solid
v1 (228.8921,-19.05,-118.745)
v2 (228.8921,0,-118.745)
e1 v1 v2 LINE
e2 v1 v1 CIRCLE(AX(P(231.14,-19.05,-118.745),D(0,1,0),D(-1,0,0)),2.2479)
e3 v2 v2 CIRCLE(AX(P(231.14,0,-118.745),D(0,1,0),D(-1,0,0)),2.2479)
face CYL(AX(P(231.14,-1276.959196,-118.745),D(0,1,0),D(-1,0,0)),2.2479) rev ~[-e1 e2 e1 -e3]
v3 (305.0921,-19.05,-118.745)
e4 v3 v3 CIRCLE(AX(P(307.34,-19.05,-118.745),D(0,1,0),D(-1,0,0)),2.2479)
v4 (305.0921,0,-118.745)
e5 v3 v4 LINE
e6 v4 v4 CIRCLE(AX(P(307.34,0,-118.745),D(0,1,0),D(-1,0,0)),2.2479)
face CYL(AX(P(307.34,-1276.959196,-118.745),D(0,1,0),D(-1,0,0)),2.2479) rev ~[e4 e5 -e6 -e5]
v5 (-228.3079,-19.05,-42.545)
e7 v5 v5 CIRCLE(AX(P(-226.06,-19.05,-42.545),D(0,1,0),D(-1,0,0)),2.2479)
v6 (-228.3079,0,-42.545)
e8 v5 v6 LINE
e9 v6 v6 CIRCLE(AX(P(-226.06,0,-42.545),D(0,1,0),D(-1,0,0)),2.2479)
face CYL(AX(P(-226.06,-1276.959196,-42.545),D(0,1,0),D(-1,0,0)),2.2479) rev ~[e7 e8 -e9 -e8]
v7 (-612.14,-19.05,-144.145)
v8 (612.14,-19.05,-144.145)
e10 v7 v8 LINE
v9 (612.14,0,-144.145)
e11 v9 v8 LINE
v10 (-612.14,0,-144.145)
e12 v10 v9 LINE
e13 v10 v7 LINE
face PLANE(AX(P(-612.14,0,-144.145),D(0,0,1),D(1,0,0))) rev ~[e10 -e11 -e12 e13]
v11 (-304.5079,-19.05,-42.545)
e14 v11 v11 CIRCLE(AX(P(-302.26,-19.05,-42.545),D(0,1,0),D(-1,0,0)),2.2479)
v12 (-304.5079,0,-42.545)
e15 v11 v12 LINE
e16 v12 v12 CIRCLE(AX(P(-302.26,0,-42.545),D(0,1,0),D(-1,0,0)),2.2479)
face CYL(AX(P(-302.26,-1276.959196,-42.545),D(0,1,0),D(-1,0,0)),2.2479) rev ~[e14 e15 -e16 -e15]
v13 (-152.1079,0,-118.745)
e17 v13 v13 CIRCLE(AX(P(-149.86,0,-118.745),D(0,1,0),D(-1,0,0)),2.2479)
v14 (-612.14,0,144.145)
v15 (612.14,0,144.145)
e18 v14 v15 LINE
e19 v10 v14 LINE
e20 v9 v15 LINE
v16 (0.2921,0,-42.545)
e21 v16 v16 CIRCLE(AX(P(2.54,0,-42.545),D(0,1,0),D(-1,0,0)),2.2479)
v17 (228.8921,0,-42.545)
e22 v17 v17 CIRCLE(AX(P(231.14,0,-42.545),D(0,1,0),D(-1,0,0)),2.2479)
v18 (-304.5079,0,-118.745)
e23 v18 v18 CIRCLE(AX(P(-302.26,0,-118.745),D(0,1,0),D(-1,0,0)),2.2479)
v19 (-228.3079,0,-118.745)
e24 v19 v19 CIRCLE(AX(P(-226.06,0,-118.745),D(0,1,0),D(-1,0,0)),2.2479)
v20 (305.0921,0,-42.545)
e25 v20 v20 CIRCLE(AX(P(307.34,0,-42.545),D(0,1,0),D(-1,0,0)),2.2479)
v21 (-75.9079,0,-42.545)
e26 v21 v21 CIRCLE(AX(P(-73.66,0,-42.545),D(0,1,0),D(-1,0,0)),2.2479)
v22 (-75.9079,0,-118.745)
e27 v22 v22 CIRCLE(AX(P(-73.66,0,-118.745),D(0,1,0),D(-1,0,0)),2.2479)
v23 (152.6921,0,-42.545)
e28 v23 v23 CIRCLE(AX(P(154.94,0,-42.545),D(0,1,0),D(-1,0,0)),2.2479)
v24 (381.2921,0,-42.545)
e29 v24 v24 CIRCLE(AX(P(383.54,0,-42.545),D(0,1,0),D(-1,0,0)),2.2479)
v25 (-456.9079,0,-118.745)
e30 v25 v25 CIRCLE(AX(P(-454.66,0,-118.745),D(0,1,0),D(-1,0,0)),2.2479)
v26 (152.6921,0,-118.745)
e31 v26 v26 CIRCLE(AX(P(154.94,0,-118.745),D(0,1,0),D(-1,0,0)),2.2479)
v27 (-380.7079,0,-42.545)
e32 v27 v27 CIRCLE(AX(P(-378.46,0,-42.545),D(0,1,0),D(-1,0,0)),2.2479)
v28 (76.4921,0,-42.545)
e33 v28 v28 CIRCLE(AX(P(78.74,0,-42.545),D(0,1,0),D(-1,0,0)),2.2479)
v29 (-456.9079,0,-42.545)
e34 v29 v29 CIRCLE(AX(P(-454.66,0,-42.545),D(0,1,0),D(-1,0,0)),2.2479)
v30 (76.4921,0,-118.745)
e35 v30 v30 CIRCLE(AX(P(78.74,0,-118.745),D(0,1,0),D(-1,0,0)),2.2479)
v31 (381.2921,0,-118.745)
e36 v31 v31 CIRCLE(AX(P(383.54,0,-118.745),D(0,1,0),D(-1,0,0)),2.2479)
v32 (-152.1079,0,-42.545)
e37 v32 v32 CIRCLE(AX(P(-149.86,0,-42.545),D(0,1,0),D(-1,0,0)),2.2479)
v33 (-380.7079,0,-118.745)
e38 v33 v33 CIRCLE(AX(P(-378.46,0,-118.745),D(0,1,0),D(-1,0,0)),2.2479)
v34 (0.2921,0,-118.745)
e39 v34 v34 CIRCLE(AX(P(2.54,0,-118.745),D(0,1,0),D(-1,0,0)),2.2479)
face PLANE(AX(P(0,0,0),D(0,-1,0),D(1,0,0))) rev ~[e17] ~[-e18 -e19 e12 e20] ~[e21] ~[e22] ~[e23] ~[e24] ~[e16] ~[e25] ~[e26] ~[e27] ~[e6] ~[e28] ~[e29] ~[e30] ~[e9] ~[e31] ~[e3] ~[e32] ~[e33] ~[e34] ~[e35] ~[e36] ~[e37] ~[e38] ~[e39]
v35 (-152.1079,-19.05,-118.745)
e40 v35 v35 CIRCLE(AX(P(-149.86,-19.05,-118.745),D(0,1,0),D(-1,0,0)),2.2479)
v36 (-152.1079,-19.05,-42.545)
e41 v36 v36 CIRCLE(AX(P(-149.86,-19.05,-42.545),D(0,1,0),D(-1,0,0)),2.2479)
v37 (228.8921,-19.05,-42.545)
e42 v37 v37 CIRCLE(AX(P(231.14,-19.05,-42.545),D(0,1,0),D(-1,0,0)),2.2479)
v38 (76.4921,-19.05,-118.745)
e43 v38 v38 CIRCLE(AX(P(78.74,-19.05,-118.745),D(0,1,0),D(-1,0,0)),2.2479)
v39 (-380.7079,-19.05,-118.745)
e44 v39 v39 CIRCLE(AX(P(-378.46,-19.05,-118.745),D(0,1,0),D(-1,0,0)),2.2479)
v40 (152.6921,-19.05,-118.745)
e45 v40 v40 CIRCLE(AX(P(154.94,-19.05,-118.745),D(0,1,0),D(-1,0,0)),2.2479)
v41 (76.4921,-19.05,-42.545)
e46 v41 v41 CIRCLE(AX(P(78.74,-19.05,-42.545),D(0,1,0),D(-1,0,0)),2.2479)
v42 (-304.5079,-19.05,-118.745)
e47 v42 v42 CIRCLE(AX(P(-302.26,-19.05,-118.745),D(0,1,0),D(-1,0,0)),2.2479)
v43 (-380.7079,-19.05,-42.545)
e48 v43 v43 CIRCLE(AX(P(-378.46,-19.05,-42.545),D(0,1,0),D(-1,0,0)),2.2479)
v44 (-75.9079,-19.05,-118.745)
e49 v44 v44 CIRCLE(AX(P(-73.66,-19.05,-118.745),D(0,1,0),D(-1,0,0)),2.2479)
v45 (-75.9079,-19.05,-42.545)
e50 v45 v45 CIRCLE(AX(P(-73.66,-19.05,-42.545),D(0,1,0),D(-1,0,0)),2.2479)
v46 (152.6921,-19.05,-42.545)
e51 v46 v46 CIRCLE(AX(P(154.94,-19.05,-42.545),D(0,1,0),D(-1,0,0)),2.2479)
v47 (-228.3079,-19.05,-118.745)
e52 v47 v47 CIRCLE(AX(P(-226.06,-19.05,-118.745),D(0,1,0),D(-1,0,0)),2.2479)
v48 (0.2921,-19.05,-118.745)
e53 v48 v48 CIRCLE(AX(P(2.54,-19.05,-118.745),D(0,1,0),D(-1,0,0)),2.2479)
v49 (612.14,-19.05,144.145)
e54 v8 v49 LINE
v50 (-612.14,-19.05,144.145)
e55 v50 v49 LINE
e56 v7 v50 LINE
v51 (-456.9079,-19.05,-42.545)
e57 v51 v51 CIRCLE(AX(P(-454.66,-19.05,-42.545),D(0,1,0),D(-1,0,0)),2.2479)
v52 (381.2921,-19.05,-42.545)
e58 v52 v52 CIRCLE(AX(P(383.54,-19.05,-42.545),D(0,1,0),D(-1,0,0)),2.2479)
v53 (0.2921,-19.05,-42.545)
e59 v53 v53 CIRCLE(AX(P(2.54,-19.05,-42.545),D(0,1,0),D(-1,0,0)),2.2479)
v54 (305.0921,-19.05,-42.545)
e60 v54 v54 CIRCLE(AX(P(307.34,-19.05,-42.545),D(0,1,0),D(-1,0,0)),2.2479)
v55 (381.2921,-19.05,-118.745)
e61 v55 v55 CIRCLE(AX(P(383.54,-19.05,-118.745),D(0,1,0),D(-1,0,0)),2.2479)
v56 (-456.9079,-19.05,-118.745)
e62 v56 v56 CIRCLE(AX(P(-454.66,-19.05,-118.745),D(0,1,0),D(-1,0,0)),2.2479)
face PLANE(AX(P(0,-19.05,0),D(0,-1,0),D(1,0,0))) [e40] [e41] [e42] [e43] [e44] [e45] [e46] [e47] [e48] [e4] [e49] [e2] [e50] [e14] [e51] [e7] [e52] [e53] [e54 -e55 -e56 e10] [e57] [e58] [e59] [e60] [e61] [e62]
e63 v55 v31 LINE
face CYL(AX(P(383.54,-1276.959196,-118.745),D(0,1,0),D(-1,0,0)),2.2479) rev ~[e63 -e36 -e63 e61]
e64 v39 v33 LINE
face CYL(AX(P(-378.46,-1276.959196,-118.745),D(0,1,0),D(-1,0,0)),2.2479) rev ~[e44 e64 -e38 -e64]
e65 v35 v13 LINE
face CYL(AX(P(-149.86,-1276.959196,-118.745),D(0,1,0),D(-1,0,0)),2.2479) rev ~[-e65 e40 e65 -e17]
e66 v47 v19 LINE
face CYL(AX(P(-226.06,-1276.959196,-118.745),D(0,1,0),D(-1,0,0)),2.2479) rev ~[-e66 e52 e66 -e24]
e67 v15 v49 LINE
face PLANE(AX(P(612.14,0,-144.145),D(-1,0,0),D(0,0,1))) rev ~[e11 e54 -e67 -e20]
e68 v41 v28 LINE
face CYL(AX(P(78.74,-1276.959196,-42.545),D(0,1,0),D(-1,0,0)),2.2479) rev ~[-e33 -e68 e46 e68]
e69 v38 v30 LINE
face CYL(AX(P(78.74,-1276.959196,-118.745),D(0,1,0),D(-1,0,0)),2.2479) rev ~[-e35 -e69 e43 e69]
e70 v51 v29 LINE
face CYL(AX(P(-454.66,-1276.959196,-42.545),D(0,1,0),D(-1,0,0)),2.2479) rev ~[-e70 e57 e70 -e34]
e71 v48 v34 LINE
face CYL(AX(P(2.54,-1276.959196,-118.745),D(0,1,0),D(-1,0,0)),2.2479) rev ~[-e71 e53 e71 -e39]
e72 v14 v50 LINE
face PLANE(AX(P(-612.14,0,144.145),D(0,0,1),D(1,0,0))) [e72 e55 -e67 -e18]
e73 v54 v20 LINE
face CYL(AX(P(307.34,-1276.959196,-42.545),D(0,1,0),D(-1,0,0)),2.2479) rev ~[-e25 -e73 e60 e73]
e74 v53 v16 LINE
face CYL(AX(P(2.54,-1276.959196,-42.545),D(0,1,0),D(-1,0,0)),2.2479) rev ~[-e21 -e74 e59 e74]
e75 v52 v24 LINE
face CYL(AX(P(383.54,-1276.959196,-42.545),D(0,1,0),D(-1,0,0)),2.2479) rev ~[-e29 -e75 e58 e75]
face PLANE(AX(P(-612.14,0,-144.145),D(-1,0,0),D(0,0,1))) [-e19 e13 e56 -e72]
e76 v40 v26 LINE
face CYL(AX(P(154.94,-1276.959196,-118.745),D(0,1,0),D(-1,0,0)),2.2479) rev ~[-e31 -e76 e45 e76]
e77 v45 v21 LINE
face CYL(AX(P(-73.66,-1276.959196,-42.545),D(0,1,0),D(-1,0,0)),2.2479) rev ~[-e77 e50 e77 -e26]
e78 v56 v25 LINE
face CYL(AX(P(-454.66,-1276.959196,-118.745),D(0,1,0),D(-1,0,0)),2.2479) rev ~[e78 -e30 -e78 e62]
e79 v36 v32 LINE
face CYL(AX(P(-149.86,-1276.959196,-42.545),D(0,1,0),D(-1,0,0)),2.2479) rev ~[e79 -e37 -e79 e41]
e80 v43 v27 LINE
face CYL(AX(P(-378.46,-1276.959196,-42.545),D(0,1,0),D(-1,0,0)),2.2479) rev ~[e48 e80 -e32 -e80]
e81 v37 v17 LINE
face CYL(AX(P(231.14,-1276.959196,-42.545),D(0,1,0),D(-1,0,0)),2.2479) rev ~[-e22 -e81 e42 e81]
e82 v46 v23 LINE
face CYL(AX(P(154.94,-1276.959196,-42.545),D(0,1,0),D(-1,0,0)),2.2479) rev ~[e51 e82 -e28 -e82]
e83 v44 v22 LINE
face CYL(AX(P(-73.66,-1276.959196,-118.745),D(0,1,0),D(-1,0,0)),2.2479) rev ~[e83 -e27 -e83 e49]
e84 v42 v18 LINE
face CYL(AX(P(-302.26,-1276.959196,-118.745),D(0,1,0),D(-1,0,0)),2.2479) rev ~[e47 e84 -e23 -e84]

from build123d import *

# Parameters (mm, degrees)
F0_W     = 1224.28
F0_H     = 288.29
F1_DEPTH = 19.05
F3_D     = 4.4958


with BuildPart() as f1:
    # F0 (on Front) → F1 (new body)
    with BuildSketch(Plane.XZ):
        Rectangle(F0_W, F0_H)
    extrude(amount=F1_DEPTH)

    # F3 (through all)
    with Locations(Plane.XZ.offset(19.05)):
        with Locations((383.54, -42.545), (307.34, -42.545), (231.14, -42.545), (154.94, -42.545), (78.74, -42.545), (2.54, -42.545), (-73.66, -42.545), (-149.86, -42.545), (-226.06, -42.545), (-302.26, -42.545), (-378.46, -42.545), (-454.66, -42.545), (-454.66, -118.745), (-378.46, -118.745), (-302.26, -118.745), (-226.06, -118.745), (-149.86, -118.745), (-73.66, -118.745), (2.54, -118.745), (78.74, -118.745), (154.94, -118.745), (231.14, -118.745), (307.34, -118.745), (383.54, -118.745)):
            Hole(F3_D / 2)


solid = f1.part
